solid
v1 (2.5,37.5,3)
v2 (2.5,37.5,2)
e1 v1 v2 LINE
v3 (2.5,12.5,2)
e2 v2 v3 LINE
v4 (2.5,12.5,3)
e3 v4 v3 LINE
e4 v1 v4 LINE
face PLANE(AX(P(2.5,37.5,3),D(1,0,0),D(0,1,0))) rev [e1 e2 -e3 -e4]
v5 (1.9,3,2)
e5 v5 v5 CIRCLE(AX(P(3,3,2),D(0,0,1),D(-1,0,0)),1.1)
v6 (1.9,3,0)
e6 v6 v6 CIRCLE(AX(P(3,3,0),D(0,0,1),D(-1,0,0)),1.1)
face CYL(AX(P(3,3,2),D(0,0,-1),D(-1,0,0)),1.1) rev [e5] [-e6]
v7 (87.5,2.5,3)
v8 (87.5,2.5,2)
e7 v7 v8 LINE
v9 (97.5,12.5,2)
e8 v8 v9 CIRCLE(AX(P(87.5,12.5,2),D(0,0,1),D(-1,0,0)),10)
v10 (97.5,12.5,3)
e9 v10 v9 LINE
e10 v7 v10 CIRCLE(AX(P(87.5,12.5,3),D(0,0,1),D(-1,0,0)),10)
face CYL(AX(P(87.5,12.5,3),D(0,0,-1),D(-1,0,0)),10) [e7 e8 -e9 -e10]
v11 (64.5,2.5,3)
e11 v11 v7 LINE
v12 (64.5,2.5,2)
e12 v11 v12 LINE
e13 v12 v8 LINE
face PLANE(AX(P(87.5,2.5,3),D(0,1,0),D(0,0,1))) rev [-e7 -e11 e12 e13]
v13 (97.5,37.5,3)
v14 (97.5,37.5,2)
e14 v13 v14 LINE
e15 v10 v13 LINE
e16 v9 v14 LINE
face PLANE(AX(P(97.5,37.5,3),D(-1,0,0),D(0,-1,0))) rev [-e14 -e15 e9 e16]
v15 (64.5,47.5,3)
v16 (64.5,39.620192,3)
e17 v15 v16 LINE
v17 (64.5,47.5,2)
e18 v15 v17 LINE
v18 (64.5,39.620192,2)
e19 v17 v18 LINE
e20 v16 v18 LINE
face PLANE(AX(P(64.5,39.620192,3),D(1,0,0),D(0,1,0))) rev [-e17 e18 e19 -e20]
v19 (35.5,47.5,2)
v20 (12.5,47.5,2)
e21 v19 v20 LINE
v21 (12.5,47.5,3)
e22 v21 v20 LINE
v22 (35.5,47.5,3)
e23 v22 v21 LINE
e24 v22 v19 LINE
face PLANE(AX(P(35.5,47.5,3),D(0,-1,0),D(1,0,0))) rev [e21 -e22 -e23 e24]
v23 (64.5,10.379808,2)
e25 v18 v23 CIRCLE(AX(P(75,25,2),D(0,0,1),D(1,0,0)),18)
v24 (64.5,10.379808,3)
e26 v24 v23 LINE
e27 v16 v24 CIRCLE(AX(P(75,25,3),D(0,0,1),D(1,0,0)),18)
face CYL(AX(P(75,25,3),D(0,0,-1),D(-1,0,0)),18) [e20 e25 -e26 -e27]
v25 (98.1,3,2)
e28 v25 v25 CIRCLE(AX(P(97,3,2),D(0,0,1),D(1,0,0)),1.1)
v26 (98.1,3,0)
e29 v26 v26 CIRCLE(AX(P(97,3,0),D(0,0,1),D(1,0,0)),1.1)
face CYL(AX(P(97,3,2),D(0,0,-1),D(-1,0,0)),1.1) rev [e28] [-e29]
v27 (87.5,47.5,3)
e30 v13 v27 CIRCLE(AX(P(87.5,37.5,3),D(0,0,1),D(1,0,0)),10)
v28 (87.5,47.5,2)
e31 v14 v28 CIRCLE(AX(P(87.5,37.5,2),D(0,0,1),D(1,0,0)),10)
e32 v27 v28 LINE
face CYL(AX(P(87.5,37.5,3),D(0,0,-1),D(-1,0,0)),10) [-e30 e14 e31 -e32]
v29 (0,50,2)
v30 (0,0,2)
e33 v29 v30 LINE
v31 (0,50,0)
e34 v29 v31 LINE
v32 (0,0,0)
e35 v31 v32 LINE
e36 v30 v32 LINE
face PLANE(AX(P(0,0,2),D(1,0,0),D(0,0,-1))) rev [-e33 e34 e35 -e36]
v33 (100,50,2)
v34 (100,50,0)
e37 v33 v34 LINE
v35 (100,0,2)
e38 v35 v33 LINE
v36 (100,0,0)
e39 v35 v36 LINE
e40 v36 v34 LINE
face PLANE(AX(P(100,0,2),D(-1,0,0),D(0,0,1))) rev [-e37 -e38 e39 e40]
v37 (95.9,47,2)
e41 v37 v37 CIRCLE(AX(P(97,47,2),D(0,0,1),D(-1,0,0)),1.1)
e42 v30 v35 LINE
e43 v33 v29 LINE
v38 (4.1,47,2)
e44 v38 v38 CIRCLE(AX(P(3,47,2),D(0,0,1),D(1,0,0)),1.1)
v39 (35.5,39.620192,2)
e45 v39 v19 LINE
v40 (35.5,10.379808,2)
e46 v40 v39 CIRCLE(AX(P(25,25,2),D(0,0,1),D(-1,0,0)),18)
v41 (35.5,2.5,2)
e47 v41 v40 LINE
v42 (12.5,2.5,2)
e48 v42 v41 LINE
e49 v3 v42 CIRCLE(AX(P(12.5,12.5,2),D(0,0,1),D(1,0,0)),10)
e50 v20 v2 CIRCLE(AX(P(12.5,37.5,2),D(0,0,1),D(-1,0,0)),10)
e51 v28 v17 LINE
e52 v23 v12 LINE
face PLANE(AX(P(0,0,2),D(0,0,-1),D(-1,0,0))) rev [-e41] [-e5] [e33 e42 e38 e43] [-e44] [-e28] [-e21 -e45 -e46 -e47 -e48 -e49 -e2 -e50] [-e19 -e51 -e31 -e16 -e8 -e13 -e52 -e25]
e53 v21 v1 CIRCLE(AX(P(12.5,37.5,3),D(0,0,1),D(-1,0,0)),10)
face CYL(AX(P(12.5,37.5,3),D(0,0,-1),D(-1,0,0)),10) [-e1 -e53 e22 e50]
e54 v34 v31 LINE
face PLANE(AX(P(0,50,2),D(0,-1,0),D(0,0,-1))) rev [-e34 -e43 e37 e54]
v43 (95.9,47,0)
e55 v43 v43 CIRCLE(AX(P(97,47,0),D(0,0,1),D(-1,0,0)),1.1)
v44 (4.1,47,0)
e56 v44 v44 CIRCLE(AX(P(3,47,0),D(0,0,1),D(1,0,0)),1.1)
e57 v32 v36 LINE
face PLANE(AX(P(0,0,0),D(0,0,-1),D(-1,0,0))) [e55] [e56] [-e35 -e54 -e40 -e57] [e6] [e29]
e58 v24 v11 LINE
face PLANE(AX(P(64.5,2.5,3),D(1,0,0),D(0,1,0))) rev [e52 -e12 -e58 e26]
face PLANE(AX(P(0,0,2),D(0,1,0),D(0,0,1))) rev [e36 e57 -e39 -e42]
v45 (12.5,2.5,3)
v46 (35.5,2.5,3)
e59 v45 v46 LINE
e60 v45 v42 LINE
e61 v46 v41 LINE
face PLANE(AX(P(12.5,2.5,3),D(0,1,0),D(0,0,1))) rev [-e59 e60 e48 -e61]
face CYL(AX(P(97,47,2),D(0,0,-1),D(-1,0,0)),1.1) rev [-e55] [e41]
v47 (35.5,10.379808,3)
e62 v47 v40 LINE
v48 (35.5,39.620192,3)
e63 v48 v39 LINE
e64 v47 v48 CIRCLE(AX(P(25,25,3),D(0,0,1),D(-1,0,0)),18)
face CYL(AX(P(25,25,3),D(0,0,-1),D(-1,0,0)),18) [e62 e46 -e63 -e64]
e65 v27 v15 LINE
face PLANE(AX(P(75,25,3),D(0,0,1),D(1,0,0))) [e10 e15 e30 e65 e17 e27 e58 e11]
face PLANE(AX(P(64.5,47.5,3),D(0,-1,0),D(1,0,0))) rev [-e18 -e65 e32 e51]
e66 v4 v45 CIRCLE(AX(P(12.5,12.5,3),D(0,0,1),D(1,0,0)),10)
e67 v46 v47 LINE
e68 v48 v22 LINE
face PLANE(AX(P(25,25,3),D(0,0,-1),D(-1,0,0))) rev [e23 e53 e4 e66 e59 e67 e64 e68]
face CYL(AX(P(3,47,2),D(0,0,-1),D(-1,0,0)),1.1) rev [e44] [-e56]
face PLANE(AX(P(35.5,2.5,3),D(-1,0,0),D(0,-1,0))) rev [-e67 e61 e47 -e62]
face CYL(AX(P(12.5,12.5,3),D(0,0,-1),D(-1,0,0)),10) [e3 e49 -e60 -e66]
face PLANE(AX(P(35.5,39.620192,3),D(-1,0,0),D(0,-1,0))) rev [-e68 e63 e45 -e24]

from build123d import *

# Parameters (mm, degrees)
ESQUISSE1_W        = 100
ESQUISSE1_H        = 50
ESQUISSE1_R        = 1.1
BOSS_EXTRU_1_DEPTH = 2
BOSS_EXTRU_2_DEPTH = 1


with BuildPart() as part:
    # Esquisse1 → Boss.-Extru.1 (new body)
    with BuildSketch(Plane.XY):
        with Locations((50, 25)):
            Rectangle(ESQUISSE1_W, ESQUISSE1_H)
        with Locations((3, 47)):
            Circle(ESQUISSE1_R, mode=Mode.SUBTRACT)
        with Locations((97, 47)):
            Circle(ESQUISSE1_R, mode=Mode.SUBTRACT)
        with Locations((3, 3)):
            Circle(ESQUISSE1_R, mode=Mode.SUBTRACT)
        with Locations((97, 3)):
            Circle(ESQUISSE1_R, mode=Mode.SUBTRACT)
    extrude(amount=BOSS_EXTRU_1_DEPTH)

    # Esquisse2 → Boss.-Extru.2 (add)
    with BuildSketch(Plane.XY.offset(2)):
        with BuildLine():
            Line((2.5, 37.5), (2.5, 12.5))
            ThreePointArc((2.5, 12.5), (5.428932188, 5.428932188), (12.5, 2.5))
            Line((12.5, 2.5), (35.5, 2.5))
            Line((35.5, 2.5), (35.5, 10.379808483))
            ThreePointArc((35.5, 10.379808483), (43, 25), (35.5, 39.620191517))
            Line((35.5, 39.620191517), (35.5, 47.5))
            Line((35.5, 47.5), (12.5, 47.5))
            ThreePointArc((12.5, 47.5), (5.428932188, 44.571067812), (2.5, 37.5))
        make_face()
        with BuildLine():
            Line((64.5, 39.620191517), (64.5, 47.5))
            Line((64.5, 47.5), (87.5, 47.5))
            ThreePointArc((87.5, 47.5), (94.571067812, 44.571067812), (97.5, 37.5))
            Line((97.5, 37.5), (97.5, 12.5))
            ThreePointArc((97.5, 12.5), (94.571067812, 5.428932188), (87.5, 2.5))
            Line((87.5, 2.5), (64.5, 2.5))
            Line((64.5, 2.5), (64.5, 10.379808483))
            ThreePointArc((64.5, 10.379808483), (57, 25), (64.5, 39.620191517))
        make_face()
    extrude(amount=BOSS_EXTRU_2_DEPTH)


solid = part.part
